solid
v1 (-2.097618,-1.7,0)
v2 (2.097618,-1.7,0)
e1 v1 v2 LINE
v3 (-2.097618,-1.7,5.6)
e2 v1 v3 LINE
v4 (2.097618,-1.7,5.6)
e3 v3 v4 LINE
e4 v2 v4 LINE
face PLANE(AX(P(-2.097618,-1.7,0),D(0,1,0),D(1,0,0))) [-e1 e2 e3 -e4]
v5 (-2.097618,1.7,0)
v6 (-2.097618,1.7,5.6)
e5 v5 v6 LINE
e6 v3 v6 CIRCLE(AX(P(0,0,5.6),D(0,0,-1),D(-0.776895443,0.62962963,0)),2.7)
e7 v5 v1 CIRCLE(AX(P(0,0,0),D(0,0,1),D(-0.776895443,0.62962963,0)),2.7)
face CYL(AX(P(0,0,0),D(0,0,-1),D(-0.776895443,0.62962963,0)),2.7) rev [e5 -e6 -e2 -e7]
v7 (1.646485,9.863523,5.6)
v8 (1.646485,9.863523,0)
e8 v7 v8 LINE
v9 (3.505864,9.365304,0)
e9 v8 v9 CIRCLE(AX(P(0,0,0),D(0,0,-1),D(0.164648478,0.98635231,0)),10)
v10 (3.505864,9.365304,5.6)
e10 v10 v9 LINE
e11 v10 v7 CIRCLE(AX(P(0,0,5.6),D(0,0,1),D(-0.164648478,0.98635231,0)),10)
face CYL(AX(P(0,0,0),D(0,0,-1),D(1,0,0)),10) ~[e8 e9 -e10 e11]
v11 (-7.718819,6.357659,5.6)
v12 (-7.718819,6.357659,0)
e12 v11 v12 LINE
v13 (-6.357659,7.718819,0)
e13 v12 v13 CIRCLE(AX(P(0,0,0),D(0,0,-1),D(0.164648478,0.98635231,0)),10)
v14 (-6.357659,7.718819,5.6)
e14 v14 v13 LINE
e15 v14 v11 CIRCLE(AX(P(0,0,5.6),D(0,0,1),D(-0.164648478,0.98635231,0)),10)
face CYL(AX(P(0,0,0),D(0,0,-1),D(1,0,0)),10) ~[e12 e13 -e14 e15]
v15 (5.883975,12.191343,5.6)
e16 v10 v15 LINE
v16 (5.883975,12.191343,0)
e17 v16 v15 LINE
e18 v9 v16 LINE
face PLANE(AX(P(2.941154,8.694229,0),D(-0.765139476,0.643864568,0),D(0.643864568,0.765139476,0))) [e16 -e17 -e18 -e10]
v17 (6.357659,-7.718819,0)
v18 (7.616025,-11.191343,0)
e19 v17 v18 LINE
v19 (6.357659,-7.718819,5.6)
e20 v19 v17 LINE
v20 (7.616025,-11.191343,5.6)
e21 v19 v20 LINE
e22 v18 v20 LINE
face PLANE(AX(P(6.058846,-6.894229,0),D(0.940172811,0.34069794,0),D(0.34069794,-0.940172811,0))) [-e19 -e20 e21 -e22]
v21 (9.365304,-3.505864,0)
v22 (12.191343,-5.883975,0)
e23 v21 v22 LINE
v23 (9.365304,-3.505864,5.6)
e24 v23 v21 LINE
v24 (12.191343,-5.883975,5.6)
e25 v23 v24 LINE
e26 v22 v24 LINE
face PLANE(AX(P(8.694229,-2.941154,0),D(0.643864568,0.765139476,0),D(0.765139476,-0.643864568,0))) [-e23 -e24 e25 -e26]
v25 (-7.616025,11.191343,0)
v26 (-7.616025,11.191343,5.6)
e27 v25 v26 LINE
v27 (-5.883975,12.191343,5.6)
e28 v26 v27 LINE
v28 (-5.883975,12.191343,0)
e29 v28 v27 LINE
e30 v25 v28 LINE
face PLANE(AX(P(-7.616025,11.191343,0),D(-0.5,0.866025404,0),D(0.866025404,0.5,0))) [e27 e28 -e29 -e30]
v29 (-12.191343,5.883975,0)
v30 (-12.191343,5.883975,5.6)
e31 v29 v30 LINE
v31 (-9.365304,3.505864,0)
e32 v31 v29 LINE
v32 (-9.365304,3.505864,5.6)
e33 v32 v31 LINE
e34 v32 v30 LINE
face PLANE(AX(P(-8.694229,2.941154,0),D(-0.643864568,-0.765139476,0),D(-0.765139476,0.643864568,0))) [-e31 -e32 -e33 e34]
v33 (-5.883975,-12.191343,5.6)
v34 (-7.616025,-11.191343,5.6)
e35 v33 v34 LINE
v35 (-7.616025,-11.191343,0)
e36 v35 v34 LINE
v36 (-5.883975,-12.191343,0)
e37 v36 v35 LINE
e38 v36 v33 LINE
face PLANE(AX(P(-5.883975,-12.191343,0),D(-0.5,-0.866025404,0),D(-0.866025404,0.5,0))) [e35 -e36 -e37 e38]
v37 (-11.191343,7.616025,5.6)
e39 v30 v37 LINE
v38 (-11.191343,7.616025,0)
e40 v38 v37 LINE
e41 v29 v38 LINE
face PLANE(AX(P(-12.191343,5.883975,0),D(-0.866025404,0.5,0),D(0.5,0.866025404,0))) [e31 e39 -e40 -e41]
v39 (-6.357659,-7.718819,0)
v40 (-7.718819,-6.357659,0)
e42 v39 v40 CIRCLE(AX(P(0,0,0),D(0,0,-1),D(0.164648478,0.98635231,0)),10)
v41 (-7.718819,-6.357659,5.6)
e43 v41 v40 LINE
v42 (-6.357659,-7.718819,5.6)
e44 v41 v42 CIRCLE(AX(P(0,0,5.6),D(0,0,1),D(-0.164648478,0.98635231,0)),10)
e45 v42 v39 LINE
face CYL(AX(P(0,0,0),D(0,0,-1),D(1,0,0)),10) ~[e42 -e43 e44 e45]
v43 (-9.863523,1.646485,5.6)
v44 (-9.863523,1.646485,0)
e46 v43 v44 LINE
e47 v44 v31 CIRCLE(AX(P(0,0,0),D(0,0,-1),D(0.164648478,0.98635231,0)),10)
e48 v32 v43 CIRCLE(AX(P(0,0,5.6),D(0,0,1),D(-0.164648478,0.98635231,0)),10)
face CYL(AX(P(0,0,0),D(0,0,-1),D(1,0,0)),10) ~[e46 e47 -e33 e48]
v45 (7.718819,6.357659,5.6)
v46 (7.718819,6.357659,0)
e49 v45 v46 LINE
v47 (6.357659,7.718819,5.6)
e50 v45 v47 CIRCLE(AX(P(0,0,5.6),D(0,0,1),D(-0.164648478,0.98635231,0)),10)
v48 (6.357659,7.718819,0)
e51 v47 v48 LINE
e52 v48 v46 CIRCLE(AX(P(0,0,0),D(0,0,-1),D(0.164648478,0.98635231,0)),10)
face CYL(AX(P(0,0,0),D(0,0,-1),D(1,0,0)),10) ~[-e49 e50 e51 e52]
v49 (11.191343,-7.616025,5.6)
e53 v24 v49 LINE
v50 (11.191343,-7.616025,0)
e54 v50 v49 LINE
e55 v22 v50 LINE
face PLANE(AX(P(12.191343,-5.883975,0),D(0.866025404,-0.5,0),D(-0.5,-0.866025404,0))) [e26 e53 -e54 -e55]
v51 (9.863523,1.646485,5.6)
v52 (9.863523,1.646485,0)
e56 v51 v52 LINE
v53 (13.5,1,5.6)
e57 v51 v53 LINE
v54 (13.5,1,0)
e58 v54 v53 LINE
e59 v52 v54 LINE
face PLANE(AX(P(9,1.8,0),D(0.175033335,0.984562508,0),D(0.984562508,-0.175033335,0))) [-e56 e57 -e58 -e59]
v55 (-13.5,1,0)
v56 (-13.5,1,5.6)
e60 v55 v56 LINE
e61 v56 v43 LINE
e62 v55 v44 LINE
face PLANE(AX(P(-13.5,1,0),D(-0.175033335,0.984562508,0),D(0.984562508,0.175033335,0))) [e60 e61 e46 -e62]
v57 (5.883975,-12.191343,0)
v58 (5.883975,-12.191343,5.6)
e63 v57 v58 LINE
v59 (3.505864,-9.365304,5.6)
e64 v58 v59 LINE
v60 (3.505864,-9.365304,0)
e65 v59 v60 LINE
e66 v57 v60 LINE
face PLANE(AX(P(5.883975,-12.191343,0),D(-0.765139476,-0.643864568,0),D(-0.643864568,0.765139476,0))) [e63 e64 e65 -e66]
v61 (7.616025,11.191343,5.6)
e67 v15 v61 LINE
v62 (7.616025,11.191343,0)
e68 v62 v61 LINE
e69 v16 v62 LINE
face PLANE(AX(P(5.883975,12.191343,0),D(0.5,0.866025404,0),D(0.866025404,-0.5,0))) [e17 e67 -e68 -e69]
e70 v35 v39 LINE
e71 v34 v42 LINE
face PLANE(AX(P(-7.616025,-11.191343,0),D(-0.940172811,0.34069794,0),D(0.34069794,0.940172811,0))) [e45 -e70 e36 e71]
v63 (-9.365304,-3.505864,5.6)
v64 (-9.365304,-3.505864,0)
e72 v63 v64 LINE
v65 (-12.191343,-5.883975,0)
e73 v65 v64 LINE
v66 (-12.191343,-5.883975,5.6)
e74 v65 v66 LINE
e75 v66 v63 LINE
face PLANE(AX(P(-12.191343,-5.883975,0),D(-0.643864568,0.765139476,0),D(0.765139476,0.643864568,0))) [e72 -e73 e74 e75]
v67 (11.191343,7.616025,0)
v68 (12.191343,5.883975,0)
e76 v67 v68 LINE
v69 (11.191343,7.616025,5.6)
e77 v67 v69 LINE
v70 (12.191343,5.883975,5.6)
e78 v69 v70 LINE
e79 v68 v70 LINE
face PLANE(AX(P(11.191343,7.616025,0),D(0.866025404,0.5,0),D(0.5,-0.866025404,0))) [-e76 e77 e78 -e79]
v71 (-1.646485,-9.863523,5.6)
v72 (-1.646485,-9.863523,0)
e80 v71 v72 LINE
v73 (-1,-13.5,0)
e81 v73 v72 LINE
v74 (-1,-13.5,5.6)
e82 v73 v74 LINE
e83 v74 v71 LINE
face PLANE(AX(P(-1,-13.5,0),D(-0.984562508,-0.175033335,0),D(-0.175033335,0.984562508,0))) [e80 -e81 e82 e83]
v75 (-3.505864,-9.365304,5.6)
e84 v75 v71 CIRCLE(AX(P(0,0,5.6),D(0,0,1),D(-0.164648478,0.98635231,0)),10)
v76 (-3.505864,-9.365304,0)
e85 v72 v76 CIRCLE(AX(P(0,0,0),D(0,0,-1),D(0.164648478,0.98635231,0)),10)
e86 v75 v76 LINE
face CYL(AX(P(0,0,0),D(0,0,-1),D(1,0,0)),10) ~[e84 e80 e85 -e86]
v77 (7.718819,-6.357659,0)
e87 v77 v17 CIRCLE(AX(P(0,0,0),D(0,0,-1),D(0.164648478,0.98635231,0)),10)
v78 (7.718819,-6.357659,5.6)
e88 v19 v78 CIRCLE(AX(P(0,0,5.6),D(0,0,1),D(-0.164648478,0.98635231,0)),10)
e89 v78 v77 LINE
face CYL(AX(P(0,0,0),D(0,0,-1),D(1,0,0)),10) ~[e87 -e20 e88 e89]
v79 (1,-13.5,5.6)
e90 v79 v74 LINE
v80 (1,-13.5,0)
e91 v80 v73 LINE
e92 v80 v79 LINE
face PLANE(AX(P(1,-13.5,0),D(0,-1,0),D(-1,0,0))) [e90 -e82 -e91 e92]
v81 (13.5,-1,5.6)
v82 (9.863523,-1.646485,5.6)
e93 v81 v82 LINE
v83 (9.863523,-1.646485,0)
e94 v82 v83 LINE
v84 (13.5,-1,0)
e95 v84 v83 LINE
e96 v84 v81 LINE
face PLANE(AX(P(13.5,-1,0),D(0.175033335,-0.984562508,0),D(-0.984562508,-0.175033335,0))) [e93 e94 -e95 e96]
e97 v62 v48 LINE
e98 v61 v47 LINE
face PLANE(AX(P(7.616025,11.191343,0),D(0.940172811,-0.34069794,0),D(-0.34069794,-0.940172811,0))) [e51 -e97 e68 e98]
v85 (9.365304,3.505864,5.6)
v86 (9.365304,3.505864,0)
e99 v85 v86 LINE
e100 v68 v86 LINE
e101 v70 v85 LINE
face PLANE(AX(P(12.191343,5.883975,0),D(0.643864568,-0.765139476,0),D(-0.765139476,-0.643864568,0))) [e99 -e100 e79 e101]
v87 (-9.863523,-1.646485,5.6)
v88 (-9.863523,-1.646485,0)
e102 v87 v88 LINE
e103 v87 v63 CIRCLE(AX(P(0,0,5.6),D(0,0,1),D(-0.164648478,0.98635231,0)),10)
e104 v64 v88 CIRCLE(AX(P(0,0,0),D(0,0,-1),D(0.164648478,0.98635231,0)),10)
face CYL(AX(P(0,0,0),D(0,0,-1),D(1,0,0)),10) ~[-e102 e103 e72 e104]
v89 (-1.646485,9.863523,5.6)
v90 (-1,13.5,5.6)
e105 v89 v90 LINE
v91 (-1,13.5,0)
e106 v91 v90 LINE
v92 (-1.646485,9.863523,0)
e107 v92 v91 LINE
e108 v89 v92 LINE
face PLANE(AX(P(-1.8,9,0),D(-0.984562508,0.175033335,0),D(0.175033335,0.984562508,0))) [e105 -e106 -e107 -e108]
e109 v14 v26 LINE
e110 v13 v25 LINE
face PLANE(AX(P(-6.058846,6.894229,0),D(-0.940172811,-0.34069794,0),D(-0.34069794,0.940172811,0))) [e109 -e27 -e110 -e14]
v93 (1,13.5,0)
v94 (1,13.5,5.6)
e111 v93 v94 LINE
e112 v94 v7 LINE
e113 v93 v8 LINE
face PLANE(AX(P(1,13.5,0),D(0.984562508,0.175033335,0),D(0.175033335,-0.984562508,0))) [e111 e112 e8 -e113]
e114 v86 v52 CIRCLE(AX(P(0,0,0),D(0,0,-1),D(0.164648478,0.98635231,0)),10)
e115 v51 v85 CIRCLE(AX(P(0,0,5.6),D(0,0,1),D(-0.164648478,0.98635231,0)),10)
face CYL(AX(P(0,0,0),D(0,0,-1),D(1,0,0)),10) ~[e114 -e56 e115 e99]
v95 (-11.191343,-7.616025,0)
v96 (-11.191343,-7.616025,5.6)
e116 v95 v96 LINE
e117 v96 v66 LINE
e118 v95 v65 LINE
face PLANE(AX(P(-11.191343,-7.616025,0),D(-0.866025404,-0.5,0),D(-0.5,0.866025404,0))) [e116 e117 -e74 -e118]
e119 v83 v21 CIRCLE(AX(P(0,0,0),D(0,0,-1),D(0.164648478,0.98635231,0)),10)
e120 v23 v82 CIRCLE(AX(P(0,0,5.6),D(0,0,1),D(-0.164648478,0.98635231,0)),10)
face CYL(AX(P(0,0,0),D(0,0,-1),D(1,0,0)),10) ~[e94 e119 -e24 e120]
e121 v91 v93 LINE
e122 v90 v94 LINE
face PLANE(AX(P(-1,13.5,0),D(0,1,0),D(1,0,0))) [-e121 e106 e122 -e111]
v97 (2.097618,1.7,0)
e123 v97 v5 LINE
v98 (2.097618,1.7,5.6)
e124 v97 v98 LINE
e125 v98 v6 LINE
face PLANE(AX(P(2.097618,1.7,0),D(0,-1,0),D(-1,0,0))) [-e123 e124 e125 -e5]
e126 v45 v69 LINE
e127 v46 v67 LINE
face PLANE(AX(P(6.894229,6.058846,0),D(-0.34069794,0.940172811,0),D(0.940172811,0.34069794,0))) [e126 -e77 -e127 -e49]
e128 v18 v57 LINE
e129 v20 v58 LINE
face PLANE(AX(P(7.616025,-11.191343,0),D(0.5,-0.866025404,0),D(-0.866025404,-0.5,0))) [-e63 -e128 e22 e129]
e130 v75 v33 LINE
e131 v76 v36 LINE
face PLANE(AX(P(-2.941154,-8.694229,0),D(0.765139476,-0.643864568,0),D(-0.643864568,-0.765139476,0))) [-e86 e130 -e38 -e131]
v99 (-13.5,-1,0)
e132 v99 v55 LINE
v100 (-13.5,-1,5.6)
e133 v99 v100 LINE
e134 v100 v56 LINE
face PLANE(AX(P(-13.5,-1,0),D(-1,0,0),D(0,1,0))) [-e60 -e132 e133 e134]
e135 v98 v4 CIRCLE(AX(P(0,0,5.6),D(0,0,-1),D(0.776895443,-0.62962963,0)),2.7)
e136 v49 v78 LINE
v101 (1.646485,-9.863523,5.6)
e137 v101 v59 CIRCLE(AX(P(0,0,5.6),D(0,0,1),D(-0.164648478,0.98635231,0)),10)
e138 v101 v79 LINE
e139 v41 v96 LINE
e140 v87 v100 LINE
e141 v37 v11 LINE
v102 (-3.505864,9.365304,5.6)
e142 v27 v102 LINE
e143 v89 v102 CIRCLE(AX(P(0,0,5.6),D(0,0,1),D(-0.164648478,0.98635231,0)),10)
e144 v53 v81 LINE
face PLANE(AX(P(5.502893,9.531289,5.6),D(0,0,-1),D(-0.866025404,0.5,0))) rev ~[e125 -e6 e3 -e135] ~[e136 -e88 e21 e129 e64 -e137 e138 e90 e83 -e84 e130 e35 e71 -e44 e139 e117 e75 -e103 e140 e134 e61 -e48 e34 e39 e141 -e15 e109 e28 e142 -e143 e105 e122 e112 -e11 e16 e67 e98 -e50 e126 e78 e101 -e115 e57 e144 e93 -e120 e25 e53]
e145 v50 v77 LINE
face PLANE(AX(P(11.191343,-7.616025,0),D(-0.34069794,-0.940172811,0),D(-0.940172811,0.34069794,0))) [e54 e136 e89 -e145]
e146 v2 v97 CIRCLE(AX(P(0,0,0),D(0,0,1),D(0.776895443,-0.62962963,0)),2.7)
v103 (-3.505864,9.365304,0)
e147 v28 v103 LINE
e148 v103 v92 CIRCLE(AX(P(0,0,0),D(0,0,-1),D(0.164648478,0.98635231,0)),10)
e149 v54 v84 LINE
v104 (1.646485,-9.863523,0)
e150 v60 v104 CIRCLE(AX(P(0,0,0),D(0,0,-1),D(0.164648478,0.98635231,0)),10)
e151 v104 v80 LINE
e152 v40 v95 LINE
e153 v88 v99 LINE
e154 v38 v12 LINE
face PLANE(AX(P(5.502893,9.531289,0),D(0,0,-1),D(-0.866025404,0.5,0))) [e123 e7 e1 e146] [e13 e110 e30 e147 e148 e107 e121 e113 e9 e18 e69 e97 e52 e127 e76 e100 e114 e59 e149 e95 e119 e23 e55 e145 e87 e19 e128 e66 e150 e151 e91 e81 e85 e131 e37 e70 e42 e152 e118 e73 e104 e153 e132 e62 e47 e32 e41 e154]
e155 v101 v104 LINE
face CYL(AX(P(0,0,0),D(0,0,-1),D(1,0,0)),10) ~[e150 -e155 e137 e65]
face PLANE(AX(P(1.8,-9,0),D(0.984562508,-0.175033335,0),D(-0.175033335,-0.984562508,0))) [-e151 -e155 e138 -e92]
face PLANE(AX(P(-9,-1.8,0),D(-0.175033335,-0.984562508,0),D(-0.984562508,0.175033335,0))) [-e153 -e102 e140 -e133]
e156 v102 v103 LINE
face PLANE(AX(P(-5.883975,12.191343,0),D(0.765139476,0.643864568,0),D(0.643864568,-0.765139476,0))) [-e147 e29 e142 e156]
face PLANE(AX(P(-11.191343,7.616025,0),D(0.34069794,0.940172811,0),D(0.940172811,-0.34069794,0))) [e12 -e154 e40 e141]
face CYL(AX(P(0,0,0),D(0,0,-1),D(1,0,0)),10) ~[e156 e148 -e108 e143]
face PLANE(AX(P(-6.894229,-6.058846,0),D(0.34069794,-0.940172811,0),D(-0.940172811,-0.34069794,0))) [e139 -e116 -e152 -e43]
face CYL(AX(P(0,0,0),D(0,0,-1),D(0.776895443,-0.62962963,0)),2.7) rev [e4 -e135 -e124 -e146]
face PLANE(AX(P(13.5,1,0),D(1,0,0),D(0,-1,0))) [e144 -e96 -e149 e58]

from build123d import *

# Parameters (mm, degrees)
SKETCH1_R           = 10
BOSS_EXTRUDE1_DEPTH = 5.6
BOSS_EXTRUDE2_DEPTH = 5.6
CIRPATTERN1_COUNT   = 12
CUT_EXTRUDE1_DEPTH  = 7


with BuildPart() as part:
    # Sketch1 → Boss-Extrude1 (new body)
    with BuildSketch(Plane.XY):
        Circle(SKETCH1_R)
    extrude(amount=BOSS_EXTRUDE1_DEPTH)

    # Sketch3 → Boss-Extrude2 (add)
    with BuildSketch(Plane.XY):
        Polygon((-1, 13.5), (1, 13.5), (1.8, 9), (-1.8, 9), align=None)
    boss_extrude2 = extrude(amount=BOSS_EXTRUDE2_DEPTH)

    # CirPattern1: Boss-Extrude2 ×12 about axis
    cirpattern1_axis = Axis((0, 0, 0), (0, 0, 1))
    for i in range(1, CIRPATTERN1_COUNT):
        add(boss_extrude2.rotate(cirpattern1_axis, i * 360 / CIRPATTERN1_COUNT))

    # Sketch4 → Cut-Extrude1 (cut)
    with BuildSketch(Plane.XY):
        with BuildLine():
            Line((-2.097617696, -1.7), (2.097617696, -1.7))
            ThreePointArc((2.097617696, -1.7), (2.7, 0), (2.097617696, 1.7))
            Line((2.097617696, 1.7), (-2.097617696, 1.7))
            ThreePointArc((-2.097617696, 1.7), (-2.7, 0), (-2.097617696, -1.7))
        make_face()
    extrude(amount=CUT_EXTRUDE1_DEPTH, mode=Mode.SUBTRACT)


solid = part.part
